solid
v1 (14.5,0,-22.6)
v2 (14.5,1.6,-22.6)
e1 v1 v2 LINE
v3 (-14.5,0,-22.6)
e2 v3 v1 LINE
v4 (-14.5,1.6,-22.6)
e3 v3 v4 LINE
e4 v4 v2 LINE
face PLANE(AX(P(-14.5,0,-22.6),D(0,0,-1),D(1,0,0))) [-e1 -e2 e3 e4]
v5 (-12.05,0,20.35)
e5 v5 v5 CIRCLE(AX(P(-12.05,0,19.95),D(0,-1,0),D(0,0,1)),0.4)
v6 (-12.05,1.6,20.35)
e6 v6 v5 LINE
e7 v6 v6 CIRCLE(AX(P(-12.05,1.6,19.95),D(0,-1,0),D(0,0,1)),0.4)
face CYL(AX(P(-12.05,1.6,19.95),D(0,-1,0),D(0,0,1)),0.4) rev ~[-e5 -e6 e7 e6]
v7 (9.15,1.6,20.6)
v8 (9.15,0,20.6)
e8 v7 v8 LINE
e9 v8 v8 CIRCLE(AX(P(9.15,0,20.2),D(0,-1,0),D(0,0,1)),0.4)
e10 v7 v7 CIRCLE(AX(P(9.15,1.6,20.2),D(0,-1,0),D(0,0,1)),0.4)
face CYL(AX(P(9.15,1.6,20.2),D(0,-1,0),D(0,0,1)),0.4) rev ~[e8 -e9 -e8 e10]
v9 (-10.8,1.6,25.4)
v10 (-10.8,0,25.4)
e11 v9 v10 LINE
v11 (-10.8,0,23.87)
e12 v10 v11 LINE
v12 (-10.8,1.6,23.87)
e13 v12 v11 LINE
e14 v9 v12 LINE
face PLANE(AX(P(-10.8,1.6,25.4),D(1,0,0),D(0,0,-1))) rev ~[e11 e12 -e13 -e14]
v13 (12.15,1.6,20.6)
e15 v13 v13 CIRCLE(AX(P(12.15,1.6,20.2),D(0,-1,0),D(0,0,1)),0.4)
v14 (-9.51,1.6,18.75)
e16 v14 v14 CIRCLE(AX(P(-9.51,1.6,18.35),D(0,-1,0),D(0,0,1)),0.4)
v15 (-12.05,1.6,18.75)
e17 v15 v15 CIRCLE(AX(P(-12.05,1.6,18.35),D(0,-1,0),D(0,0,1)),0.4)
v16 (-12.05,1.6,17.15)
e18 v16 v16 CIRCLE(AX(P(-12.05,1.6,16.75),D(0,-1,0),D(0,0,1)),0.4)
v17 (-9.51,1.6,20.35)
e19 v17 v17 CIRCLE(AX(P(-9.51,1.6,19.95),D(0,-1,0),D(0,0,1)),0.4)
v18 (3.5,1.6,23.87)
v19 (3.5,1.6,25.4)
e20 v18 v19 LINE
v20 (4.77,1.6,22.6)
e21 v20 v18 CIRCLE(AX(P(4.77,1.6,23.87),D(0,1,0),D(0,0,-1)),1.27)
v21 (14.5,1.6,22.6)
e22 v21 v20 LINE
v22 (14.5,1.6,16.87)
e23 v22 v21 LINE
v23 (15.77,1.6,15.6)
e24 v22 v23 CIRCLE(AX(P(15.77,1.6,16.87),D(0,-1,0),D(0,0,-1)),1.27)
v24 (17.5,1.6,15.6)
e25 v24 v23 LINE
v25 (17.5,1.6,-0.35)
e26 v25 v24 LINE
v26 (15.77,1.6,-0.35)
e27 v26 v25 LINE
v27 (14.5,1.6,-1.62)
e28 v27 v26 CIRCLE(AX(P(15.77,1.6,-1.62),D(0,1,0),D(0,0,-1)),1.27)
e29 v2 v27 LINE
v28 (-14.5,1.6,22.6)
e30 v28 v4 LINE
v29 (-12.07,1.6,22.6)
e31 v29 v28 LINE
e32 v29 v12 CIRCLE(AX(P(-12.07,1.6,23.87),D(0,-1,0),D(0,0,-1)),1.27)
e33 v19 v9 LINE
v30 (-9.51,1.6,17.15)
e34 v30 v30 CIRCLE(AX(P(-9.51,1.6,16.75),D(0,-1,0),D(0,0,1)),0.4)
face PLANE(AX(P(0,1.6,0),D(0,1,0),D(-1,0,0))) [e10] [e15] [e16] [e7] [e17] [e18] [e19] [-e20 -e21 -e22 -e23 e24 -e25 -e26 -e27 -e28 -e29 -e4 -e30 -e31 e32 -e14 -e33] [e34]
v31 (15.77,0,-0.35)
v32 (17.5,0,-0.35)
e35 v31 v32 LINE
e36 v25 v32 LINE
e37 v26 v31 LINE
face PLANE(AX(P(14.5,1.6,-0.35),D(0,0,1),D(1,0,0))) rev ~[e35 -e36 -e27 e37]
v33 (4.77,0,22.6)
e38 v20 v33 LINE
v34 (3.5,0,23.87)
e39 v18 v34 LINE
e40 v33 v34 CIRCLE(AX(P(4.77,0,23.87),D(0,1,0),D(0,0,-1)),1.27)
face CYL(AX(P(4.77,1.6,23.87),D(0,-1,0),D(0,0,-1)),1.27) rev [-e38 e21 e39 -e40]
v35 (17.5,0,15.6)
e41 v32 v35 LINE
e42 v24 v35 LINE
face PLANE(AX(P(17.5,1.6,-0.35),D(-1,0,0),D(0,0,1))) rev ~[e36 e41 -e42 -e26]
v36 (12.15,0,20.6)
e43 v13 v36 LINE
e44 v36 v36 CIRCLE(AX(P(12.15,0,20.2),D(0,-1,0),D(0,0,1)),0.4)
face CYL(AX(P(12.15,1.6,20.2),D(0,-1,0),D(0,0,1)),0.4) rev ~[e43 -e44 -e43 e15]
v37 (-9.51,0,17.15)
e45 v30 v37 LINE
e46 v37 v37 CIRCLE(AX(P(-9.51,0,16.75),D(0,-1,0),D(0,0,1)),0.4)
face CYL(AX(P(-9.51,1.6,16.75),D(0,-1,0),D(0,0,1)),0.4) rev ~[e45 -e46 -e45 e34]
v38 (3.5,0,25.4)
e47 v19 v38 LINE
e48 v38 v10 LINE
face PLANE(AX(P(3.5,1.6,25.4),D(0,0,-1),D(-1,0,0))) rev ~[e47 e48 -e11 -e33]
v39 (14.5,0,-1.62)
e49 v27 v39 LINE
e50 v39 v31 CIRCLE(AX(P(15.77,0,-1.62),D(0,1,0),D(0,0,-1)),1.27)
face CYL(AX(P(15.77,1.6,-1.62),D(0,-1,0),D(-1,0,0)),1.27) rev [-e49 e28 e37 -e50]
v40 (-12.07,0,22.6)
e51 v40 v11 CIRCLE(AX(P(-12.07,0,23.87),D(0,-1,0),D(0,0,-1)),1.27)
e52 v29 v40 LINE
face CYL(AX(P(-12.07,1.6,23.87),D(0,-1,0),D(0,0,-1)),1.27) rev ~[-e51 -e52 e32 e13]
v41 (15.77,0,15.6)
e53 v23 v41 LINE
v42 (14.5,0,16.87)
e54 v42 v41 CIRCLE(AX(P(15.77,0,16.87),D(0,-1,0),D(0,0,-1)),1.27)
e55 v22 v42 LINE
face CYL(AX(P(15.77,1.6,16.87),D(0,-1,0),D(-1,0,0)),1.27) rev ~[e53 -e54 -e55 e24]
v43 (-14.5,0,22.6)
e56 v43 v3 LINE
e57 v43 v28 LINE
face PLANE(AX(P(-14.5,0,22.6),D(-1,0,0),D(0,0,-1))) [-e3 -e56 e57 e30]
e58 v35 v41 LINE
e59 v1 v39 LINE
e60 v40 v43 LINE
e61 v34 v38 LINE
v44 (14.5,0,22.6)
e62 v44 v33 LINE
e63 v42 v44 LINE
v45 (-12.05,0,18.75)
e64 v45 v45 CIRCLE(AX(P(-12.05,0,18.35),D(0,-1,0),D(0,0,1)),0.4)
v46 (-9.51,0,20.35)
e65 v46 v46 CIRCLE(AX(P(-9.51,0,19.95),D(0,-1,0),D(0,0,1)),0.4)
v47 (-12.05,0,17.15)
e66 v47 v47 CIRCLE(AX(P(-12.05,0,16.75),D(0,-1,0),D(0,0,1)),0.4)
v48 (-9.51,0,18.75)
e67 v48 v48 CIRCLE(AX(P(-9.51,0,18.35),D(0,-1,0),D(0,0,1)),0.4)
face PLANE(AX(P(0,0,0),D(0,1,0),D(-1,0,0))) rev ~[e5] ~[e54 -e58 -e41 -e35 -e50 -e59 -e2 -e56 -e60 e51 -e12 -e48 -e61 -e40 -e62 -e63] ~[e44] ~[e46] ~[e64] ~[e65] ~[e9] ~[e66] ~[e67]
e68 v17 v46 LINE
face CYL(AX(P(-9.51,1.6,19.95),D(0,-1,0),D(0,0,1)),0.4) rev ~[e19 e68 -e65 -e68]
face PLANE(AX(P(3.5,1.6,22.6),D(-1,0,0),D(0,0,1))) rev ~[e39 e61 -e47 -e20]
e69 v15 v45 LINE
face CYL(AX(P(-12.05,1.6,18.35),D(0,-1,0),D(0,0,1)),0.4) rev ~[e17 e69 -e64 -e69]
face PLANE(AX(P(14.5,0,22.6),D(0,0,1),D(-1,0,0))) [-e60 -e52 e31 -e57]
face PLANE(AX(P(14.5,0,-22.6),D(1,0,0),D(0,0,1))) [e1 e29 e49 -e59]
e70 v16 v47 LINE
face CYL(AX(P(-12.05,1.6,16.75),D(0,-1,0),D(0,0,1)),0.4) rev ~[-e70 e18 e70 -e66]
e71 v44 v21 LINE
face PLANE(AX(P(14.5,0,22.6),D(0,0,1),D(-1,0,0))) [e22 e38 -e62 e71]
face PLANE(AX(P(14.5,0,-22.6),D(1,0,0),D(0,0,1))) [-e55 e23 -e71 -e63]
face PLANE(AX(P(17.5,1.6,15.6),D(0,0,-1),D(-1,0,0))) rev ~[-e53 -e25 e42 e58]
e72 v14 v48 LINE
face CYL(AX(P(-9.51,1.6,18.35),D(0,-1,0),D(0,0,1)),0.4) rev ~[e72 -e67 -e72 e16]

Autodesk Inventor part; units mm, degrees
ref_plane "YZ Plane" through (0, 0, 0) normal (1, 0, 0) x (0, 1, 0)
ref_plane "XZ Plane" through (0, 0, 0) normal (0, 1, 0) x (-1, 0, 0)
ref_plane "XY Plane" through (0, 0, 0) normal (0, 0, 1) x (1, 0, 0)
sketch "Sketch1" plane through (0, 0, 0) normal (0, 1, 0) x (-1, 0, 0)
  line L0 (14.5, -22.6) -> (-14.5, -22.6)
  line L1 (-14.5, -22.6) -> (-14.5, 22.6)
  line L2 (-14.5, 22.6) -> (14.5, 22.6)
  line L3 (14.5, 22.6) -> (14.5, -22.6)
  point P0 (0, 0)
  point P1 (0, -22.6)
  point P2 (14.5, 0)
  dimension "d0" = 29
  dimension "d1" = 45.2
extrude "Extrusion1" add sketch "Sketch1" along normal blind 1.6
sketch "Sketch2" plane through (0, 1.6, 0) normal (0, 1, 0) x (1, 0, 0)
  line L0 (14.5, 22.6) -> (-14.5, 22.6) projected
  line L1 (-14.5, 22.6) -> (-14.5, -22.6) projected
  line L2 (-14.5, -22.6) -> (14.5, -22.6) projected
  line L3 (14.5, -22.6) -> (14.5, 22.6) projected
  line L4 (14.5, 0.35) -> (17.5, 0.35)
  line L5 (17.5, 0.35) -> (17.5, -15.6)
  line L6 (17.5, -15.6) -> (14.5, -15.6)
  line L7 (14.5, -15.6) -> (14.5, 0.35)
  point P0 (0, 0)
  point P1 (14.5, -7.625)
  point P2 (14.5, 0)
  dimension "d4" = 3
  dimension "d5" = 15.95
  dimension "d6" = 7
extrude "Extrusion2" add sketch "Sketch2" against normal up to surface (1.6 mm away) contours L4 L5 L6 L3
sketch "Sketch3" plane through (0, 1.6, 0) normal (0, 1, 0) x (1, 0, 0)
  line L0 (14.5, 22.6) -> (-14.5, 22.6) projected
  line L1 (-14.5, 22.6) -> (-14.5, -22.6) projected
  line L2 (-14.5, -22.6) -> (14.5, -22.6) projected
  line L3 (14.5, -22.6) -> (14.5, -15.6) projected
  line L4 (17.5, -15.6) -> (14.5, -15.6) projected
  line L5 (17.5, 0.35) -> (17.5, -15.6) projected
  line L6 (14.5, 0.35) -> (17.5, 0.35) projected
  line L7 (14.5, 0.35) -> (14.5, 22.6) projected
  line L8 (-10.8, -22.6) -> (3.5, -22.6)
  line L9 (3.5, -22.6) -> (3.5, -25.4)
  line L10 (3.5, -25.4) -> (-10.8, -25.4)
  line L11 (-10.8, -25.4) -> (-10.8, -22.6)
  line L12 (-14.5, -22.6) -> (14.5, -22.6) projected
  point P0 (0, 0)
  point P1 (-3.65, -22.6)
  point P2 (0, -22.6)
  dimension "d9" = 2.8
  dimension "d10" = 14.3
  dimension "d11" = 3.7
extrude "Extrusion3" add sketch "Sketch3" against normal up to surface (1.6 mm away) contours L2 L9 L10 L11
fillet "Fillet1" radius 1.27 4 edges at (-10.8, 0.8, 22.6) (3.5, 0.8, 22.6) (14.5, 0.8, 15.6) (14.5, 0.8, -0.35)
sketch "Sketch4" plane through (0, 1.6, 0) normal (0, 1, 0) x (1, 0, 0)
  line L0 (14.5, 22.6) -> (-14.5, 22.6) projected
  line L1 (-14.5, 22.6) -> (-14.5, -22.6) projected
  line L2 (-14.5, -22.6) -> (-12.07, -22.6) projected
  arc A0 (-10.8, -23.87) -> (-12.07, -22.6) centre (-12.07, -23.87) ccw projected
  line L3 (-10.8, -25.4) -> (-10.8, -23.87) projected
  line L4 (3.5, -25.4) -> (-10.8, -25.4) projected
  line L5 (3.5, -23.87) -> (3.5, -25.4) projected
  arc A1 (4.77, -22.6) -> (3.5, -23.87) centre (4.77, -23.87) ccw projected
  line L6 (4.77, -22.6) -> (14.5, -22.6) projected
  line L7 (14.5, -22.6) -> (14.5, -16.87) projected
  arc A2 (15.77, -15.6) -> (14.5, -16.87) centre (15.77, -16.87) ccw projected
  line L8 (17.5, -15.6) -> (15.77, -15.6) projected
  line L9 (17.5, 0.35) -> (17.5, -15.6) projected
  line L10 (15.77, 0.35) -> (17.5, 0.35) projected
  arc A3 (14.5, 1.62) -> (15.77, 0.35) centre (15.77, 1.62) ccw projected
  line L11 (14.5, 1.62) -> (14.5, 22.6) projected
  point P0 (0, 0)
  point P1 (12.15, -20.2)
  point P2 (9.15, -20.2)
  dimension "d15" = 2.35
  dimension "d16" = 2.4
  dimension "d17" = 2.4
  dimension "d18" = 5.35
hole "Hole1" at (12.15, 1.6, 20.2) at (9.15, 1.6, 20.2) direction (0, -1, 0) diameter 0.8 end through all
sketch "Sketch5" plane through (0, 1.6, 0) normal (0, 1, 0) x (1, 0, 0)
  circle A0 centre (12.15, -20.2) radius 0.4 projected
  circle A1 centre (9.15, -20.2) radius 0.4 projected
  line L0 (14.5, 22.6) -> (-14.5, 22.6) projected
  line L1 (-14.5, 22.6) -> (-14.5, -22.6) projected
  line L2 (-14.5, -22.6) -> (-12.07, -22.6) projected
  arc A2 (-10.8, -23.87) -> (-12.07, -22.6) centre (-12.07, -23.87) ccw projected
  line L3 (-10.8, -25.4) -> (-10.8, -23.87) projected
  line L4 (3.5, -25.4) -> (-10.8, -25.4) projected
  line L5 (3.5, -23.87) -> (3.5, -25.4) projected
  arc A3 (4.77, -22.6) -> (3.5, -23.87) centre (4.77, -23.87) ccw projected
  line L6 (4.77, -22.6) -> (14.5, -22.6) projected
  line L7 (14.5, -22.6) -> (14.5, -16.87) projected
  arc A4 (15.77, -15.6) -> (14.5, -16.87) centre (15.77, -16.87) ccw projected
  line L8 (17.5, -15.6) -> (15.77, -15.6) projected
  line L9 (17.5, 0.35) -> (17.5, -15.6) projected
  line L10 (15.77, 0.35) -> (17.5, 0.35) projected
  arc A5 (14.5, 1.62) -> (15.77, 0.35) centre (15.77, 1.62) ccw projected
  line L11 (14.5, 1.62) -> (14.5, 22.6) projected
  line L12 (-12.05, -19.95) -> (-12.05, -17) construction
  line L13 (-12.05, -19.95) -> (-11.6759, -19.95) construction
  point P0 (0, 0)
  point P1 (-12.05, -18.35)
  point P2 (-12.05, -16.75)
  point P3 (-9.51, -19.95)
  point P4 (-9.51, -18.35)
  point P5 (-9.51, -16.75)
  dimension "d26" = 2.65
  dimension "d27" = 2.45
  dimension "d30" = 1.6
  dimension "d33" = 2.54
hole "Hole2" at (-12.05, 1.6, 19.95) at (-12.05, 1.6, 18.35) at (-12.05, 1.6, 16.75) at (-9.51, 1.6, 19.95) at (-9.51, 1.6, 18.35) at (-9.51, 1.6, 16.75) direction (0, -1, 0) diameter 0.8 end through all
sketch "Sketch6" plane through (0, 1.6, 0) normal (0, 1, 0) x (1, 0, 0)
  circle A0 centre (-9.51, -18.35) radius 0.4 projected
  circle A1 centre (-12.05, -16.75) radius 0.4 projected
  circle A2 centre (-12.05, -19.95) radius 0.4 projected
  circle A3 centre (-12.05, -18.35) radius 0.4 projected
  circle A4 centre (-9.51, -19.95) radius 0.4 projected
  circle A5 centre (-9.51, -16.75) radius 0.4 projected
  circle A6 centre (12.15, -20.2) radius 0.4 projected
  circle A7 centre (9.15, -20.2) radius 0.4 projected
  line L0 (14.5, 22.6) -> (-14.5, 22.6) projected
  line L1 (-14.5, 22.6) -> (-14.5, -22.6) projected
  line L2 (-14.5, -22.6) -> (-12.07, -22.6) projected
  arc A8 (-10.8, -23.87) -> (-12.07, -22.6) centre (-12.07, -23.87) ccw projected
  line L3 (-10.8, -25.4) -> (-10.8, -23.87) projected
  line L4 (3.5, -25.4) -> (-10.8, -25.4) projected
  line L5 (3.5, -23.87) -> (3.5, -25.4) projected
  arc A9 (4.77, -22.6) -> (3.5, -23.87) centre (4.77, -23.87) ccw projected
  line L6 (4.77, -22.6) -> (14.5, -22.6) projected
  line L7 (14.5, -22.6) -> (14.5, -16.87) projected
  arc A10 (15.77, -15.6) -> (14.5, -16.87) centre (15.77, -16.87) ccw projected
  line L8 (17.5, -15.6) -> (15.77, -15.6) projected
  line L9 (17.5, 0.35) -> (17.5, -15.6) projected
  line L10 (15.77, 0.35) -> (17.5, 0.35) projected
  arc A11 (14.5, 1.62) -> (15.77, 0.35) centre (15.77, 1.62) ccw projected
  line L11 (14.5, 1.62) -> (14.5, 22.6) projected
  point P0 (0, 0)
equation "\"d17\" = d16"
properties part number "BarePCB"
